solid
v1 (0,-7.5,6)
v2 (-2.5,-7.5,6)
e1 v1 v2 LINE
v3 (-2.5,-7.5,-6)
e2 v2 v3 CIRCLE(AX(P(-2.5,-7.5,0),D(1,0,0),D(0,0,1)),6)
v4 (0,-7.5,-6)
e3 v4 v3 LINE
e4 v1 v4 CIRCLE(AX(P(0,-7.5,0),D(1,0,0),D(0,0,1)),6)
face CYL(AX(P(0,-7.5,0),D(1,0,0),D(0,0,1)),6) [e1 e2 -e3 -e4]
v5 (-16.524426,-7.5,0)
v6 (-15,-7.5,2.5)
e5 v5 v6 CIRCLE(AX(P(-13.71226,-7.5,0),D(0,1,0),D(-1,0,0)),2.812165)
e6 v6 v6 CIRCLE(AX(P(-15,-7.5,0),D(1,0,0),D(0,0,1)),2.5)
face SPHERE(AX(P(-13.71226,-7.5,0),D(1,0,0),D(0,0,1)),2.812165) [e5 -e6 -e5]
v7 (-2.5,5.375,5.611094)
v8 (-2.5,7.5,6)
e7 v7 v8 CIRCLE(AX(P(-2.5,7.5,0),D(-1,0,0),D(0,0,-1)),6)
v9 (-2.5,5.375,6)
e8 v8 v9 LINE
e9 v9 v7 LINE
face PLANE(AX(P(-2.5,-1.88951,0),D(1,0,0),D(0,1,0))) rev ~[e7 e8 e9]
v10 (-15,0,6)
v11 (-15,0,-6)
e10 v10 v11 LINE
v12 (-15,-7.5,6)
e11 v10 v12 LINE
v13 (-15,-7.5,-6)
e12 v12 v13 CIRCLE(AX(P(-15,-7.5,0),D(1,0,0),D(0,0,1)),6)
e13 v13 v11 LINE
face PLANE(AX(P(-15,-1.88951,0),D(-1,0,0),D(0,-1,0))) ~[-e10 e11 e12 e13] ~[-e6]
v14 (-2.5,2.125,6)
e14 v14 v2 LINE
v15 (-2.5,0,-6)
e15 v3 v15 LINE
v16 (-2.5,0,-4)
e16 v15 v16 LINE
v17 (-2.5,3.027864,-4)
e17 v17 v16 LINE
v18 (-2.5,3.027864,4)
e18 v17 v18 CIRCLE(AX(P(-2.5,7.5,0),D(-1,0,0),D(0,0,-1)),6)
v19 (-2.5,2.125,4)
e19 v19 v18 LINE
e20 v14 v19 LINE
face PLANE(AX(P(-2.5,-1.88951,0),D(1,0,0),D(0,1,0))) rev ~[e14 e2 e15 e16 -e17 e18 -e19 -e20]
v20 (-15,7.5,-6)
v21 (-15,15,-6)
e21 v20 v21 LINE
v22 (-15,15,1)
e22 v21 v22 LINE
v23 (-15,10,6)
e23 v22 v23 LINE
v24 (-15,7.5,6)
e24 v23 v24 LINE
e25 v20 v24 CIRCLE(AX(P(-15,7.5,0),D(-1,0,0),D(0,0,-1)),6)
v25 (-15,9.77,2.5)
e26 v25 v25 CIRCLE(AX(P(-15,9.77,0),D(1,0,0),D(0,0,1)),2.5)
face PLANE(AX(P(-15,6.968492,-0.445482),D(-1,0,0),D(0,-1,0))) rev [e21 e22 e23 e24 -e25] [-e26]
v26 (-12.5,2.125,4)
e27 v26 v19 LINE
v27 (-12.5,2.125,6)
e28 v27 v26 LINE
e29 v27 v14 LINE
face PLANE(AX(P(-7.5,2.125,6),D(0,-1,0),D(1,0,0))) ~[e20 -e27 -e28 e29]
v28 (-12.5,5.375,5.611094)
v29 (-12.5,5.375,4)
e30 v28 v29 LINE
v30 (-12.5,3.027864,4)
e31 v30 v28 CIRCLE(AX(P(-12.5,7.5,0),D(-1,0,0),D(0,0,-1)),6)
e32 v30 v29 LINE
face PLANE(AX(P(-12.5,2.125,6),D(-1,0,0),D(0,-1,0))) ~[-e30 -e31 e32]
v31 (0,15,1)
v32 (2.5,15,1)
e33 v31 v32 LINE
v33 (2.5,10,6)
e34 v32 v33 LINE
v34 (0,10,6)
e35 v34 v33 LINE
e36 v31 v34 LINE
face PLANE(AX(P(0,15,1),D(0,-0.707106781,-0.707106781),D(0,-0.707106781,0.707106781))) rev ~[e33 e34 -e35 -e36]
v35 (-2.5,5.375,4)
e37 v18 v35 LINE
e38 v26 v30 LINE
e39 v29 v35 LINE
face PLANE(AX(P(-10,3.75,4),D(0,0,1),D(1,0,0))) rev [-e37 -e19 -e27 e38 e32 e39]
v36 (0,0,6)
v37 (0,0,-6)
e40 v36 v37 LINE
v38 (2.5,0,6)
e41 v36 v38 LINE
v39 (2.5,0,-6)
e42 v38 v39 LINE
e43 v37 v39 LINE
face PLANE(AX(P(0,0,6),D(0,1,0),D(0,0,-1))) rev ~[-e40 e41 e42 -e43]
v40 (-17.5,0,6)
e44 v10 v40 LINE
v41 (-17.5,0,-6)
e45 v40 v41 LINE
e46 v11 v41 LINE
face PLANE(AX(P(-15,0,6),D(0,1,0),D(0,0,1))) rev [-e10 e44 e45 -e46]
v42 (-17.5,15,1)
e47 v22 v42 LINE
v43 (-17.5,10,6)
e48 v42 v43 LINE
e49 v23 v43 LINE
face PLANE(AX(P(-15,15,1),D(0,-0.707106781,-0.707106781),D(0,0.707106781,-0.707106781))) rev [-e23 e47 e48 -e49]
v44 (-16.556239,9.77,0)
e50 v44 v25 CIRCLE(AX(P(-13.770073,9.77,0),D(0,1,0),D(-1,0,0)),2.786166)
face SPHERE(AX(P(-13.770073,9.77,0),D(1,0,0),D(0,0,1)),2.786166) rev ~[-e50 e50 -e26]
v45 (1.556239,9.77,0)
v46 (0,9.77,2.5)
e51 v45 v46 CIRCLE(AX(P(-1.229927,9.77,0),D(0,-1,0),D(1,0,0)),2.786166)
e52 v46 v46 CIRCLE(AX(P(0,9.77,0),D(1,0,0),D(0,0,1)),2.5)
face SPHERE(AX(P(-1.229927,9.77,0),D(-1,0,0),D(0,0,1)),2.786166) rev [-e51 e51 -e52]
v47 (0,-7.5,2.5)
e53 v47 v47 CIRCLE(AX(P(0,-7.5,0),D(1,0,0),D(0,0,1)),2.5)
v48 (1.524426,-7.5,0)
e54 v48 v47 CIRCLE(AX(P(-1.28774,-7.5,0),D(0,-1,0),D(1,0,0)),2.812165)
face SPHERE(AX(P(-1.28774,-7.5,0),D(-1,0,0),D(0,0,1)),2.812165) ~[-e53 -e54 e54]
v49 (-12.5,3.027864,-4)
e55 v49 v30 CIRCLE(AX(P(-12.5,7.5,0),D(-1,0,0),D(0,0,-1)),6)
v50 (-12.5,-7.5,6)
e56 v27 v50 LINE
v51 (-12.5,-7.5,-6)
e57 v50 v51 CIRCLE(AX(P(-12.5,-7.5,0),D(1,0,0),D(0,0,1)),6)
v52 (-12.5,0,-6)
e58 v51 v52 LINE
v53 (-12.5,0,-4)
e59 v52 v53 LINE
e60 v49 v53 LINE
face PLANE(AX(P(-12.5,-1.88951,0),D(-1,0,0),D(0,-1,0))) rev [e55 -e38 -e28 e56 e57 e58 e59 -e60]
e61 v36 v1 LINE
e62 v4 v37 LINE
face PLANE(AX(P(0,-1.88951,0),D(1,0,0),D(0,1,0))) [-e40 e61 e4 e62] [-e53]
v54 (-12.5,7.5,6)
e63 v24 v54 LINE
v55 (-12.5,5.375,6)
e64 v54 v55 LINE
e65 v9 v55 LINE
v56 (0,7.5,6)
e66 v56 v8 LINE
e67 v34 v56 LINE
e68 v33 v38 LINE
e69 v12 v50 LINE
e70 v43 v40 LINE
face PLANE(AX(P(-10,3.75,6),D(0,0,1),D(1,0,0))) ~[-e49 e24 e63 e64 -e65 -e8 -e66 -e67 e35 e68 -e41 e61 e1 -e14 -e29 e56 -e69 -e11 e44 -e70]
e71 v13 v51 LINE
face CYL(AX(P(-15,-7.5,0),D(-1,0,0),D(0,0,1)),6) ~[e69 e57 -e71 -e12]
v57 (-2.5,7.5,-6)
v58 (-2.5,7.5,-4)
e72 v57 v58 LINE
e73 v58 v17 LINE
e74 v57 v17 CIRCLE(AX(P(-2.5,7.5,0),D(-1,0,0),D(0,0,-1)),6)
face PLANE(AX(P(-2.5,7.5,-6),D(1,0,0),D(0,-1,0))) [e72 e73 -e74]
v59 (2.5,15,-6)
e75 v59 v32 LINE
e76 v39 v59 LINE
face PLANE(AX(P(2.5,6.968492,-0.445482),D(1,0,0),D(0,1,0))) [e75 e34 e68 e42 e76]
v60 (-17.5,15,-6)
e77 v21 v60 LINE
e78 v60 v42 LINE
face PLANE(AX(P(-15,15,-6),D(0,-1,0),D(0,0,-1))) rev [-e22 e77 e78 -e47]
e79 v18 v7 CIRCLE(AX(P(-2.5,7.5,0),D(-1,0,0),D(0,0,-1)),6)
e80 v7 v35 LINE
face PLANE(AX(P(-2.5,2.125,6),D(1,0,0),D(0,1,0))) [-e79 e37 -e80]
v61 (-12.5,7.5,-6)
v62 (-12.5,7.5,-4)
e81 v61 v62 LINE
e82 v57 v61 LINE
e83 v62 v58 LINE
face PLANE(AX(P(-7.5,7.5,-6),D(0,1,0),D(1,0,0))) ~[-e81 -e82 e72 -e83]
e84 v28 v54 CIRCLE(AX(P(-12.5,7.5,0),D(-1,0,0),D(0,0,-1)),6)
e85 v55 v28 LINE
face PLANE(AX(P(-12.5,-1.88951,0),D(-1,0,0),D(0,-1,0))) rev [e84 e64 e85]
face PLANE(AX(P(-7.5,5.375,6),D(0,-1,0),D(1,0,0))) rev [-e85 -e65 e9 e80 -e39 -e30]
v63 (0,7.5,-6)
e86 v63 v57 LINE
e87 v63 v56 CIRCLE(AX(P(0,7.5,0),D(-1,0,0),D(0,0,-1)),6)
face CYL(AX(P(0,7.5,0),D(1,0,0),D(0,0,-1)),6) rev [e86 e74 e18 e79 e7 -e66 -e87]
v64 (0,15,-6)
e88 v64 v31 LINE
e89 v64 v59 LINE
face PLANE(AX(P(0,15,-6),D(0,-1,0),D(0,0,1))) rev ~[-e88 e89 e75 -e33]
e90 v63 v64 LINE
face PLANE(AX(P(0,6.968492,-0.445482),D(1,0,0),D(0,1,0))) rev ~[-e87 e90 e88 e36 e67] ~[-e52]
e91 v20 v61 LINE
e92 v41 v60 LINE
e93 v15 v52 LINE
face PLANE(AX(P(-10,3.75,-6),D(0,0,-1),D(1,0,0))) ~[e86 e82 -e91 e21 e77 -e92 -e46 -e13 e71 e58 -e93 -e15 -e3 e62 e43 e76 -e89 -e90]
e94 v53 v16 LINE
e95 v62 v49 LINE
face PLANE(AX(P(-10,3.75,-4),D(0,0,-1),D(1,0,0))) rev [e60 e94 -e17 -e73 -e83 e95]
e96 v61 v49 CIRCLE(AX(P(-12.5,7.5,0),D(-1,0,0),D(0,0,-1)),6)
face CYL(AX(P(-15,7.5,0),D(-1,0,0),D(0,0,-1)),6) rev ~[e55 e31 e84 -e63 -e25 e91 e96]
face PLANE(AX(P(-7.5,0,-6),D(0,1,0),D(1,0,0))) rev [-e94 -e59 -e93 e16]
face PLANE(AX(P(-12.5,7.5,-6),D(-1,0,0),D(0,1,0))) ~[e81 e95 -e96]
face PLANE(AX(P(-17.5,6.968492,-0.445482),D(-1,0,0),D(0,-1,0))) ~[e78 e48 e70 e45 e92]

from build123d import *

# Parameters (mm, degrees)
F2_DEPTH  = 2.5
F4_DEPTH  = 2.5
F8_W      = 5
F8_H      = 3.25
F9_DEPTH  = 2
F10_W     = 5
F10_H     = 7.5
F11_DEPTH = 2


with BuildPart() as f2:
    # F1 (on Right) → F2 (new body)
    with BuildSketch(Plane.YZ):
        with BuildLine():
            ThreePointArc((7.5, -6), (1.5, 0), (7.5, 6))
            Line((7.5, 6), (-7.5, 6))
            ThreePointArc((-7.5, 6), (-13.5, 0), (-7.5, -6))
            Line((-7.5, -6), (7.5, -6))
        make_face()
    extrude(amount=-F2_DEPTH)

    # F0 (on Right) → F4 (join)
    with BuildSketch(Plane.YZ):
        Polygon((0, 6), (0, -6), (15, -6), (15, 1), (10, 6), align=None)
    extrude(amount=F4_DEPTH)

    # F6 (on offset) → F7 (revolve, cut)
    with BuildSketch(Plane.XZ.offset(-9.77)):
        with BuildLine():
            Line((-2.5325156748, 2.5), (-2.5325156748, 0))
            Line((-2.5325156748, 0), (1.556239127, 0))
            ThreePointArc((1.556239127, 0), (1.1353956611, 1.4724028169), (0, 2.5))
            Line((0, 2.5), (-2.5325156748, 2.5))
        make_face()
    revolve(axis=Axis((-10.801910348, 9.77, 0), (1, 0, 0)), mode=Mode.SUBTRACT)

    # F8 (on face) → F9 (join)
    with BuildSketch(Plane.XY.offset(6)):
        with Locations((-5, 3.75)):
            Rectangle(F8_W, F8_H)
    extrude(amount=-F9_DEPTH)

    # F10 (on face) → F11 (join)
    with BuildSketch(Plane(origin=(0, 0, -6), x_dir=(1, 0, 0), z_dir=(0, 0, -1))):
        with Locations((-5, -3.75)):
            Rectangle(F10_W, F10_H)
    extrude(amount=-F11_DEPTH)

    # F14 (on offset) → F15 (revolve)
    with BuildSketch(Plane.XZ.offset(7.5)):
        with BuildLine():
            Line((0, 0), (1.524425623, 0))
            ThreePointArc((1.524425623, 0), (1.1132612082, 1.4640588684), (0, 2.5))
            Line((0, 2.5), (0, 0))
        make_face()
    revolve(axis=Axis((-0.2374296736, -7.5, 0), (1, 0, 0)))

    # F16: F2 across plane


with BuildPart() as f2_1:
    add(f2.part)
    add(f2.part.mirror(Plane(origin=(-7.5, 3.75, -5), x_dir=(0, -1, 0), z_dir=(-1, 0, 0))))


solid = f2_1.part
